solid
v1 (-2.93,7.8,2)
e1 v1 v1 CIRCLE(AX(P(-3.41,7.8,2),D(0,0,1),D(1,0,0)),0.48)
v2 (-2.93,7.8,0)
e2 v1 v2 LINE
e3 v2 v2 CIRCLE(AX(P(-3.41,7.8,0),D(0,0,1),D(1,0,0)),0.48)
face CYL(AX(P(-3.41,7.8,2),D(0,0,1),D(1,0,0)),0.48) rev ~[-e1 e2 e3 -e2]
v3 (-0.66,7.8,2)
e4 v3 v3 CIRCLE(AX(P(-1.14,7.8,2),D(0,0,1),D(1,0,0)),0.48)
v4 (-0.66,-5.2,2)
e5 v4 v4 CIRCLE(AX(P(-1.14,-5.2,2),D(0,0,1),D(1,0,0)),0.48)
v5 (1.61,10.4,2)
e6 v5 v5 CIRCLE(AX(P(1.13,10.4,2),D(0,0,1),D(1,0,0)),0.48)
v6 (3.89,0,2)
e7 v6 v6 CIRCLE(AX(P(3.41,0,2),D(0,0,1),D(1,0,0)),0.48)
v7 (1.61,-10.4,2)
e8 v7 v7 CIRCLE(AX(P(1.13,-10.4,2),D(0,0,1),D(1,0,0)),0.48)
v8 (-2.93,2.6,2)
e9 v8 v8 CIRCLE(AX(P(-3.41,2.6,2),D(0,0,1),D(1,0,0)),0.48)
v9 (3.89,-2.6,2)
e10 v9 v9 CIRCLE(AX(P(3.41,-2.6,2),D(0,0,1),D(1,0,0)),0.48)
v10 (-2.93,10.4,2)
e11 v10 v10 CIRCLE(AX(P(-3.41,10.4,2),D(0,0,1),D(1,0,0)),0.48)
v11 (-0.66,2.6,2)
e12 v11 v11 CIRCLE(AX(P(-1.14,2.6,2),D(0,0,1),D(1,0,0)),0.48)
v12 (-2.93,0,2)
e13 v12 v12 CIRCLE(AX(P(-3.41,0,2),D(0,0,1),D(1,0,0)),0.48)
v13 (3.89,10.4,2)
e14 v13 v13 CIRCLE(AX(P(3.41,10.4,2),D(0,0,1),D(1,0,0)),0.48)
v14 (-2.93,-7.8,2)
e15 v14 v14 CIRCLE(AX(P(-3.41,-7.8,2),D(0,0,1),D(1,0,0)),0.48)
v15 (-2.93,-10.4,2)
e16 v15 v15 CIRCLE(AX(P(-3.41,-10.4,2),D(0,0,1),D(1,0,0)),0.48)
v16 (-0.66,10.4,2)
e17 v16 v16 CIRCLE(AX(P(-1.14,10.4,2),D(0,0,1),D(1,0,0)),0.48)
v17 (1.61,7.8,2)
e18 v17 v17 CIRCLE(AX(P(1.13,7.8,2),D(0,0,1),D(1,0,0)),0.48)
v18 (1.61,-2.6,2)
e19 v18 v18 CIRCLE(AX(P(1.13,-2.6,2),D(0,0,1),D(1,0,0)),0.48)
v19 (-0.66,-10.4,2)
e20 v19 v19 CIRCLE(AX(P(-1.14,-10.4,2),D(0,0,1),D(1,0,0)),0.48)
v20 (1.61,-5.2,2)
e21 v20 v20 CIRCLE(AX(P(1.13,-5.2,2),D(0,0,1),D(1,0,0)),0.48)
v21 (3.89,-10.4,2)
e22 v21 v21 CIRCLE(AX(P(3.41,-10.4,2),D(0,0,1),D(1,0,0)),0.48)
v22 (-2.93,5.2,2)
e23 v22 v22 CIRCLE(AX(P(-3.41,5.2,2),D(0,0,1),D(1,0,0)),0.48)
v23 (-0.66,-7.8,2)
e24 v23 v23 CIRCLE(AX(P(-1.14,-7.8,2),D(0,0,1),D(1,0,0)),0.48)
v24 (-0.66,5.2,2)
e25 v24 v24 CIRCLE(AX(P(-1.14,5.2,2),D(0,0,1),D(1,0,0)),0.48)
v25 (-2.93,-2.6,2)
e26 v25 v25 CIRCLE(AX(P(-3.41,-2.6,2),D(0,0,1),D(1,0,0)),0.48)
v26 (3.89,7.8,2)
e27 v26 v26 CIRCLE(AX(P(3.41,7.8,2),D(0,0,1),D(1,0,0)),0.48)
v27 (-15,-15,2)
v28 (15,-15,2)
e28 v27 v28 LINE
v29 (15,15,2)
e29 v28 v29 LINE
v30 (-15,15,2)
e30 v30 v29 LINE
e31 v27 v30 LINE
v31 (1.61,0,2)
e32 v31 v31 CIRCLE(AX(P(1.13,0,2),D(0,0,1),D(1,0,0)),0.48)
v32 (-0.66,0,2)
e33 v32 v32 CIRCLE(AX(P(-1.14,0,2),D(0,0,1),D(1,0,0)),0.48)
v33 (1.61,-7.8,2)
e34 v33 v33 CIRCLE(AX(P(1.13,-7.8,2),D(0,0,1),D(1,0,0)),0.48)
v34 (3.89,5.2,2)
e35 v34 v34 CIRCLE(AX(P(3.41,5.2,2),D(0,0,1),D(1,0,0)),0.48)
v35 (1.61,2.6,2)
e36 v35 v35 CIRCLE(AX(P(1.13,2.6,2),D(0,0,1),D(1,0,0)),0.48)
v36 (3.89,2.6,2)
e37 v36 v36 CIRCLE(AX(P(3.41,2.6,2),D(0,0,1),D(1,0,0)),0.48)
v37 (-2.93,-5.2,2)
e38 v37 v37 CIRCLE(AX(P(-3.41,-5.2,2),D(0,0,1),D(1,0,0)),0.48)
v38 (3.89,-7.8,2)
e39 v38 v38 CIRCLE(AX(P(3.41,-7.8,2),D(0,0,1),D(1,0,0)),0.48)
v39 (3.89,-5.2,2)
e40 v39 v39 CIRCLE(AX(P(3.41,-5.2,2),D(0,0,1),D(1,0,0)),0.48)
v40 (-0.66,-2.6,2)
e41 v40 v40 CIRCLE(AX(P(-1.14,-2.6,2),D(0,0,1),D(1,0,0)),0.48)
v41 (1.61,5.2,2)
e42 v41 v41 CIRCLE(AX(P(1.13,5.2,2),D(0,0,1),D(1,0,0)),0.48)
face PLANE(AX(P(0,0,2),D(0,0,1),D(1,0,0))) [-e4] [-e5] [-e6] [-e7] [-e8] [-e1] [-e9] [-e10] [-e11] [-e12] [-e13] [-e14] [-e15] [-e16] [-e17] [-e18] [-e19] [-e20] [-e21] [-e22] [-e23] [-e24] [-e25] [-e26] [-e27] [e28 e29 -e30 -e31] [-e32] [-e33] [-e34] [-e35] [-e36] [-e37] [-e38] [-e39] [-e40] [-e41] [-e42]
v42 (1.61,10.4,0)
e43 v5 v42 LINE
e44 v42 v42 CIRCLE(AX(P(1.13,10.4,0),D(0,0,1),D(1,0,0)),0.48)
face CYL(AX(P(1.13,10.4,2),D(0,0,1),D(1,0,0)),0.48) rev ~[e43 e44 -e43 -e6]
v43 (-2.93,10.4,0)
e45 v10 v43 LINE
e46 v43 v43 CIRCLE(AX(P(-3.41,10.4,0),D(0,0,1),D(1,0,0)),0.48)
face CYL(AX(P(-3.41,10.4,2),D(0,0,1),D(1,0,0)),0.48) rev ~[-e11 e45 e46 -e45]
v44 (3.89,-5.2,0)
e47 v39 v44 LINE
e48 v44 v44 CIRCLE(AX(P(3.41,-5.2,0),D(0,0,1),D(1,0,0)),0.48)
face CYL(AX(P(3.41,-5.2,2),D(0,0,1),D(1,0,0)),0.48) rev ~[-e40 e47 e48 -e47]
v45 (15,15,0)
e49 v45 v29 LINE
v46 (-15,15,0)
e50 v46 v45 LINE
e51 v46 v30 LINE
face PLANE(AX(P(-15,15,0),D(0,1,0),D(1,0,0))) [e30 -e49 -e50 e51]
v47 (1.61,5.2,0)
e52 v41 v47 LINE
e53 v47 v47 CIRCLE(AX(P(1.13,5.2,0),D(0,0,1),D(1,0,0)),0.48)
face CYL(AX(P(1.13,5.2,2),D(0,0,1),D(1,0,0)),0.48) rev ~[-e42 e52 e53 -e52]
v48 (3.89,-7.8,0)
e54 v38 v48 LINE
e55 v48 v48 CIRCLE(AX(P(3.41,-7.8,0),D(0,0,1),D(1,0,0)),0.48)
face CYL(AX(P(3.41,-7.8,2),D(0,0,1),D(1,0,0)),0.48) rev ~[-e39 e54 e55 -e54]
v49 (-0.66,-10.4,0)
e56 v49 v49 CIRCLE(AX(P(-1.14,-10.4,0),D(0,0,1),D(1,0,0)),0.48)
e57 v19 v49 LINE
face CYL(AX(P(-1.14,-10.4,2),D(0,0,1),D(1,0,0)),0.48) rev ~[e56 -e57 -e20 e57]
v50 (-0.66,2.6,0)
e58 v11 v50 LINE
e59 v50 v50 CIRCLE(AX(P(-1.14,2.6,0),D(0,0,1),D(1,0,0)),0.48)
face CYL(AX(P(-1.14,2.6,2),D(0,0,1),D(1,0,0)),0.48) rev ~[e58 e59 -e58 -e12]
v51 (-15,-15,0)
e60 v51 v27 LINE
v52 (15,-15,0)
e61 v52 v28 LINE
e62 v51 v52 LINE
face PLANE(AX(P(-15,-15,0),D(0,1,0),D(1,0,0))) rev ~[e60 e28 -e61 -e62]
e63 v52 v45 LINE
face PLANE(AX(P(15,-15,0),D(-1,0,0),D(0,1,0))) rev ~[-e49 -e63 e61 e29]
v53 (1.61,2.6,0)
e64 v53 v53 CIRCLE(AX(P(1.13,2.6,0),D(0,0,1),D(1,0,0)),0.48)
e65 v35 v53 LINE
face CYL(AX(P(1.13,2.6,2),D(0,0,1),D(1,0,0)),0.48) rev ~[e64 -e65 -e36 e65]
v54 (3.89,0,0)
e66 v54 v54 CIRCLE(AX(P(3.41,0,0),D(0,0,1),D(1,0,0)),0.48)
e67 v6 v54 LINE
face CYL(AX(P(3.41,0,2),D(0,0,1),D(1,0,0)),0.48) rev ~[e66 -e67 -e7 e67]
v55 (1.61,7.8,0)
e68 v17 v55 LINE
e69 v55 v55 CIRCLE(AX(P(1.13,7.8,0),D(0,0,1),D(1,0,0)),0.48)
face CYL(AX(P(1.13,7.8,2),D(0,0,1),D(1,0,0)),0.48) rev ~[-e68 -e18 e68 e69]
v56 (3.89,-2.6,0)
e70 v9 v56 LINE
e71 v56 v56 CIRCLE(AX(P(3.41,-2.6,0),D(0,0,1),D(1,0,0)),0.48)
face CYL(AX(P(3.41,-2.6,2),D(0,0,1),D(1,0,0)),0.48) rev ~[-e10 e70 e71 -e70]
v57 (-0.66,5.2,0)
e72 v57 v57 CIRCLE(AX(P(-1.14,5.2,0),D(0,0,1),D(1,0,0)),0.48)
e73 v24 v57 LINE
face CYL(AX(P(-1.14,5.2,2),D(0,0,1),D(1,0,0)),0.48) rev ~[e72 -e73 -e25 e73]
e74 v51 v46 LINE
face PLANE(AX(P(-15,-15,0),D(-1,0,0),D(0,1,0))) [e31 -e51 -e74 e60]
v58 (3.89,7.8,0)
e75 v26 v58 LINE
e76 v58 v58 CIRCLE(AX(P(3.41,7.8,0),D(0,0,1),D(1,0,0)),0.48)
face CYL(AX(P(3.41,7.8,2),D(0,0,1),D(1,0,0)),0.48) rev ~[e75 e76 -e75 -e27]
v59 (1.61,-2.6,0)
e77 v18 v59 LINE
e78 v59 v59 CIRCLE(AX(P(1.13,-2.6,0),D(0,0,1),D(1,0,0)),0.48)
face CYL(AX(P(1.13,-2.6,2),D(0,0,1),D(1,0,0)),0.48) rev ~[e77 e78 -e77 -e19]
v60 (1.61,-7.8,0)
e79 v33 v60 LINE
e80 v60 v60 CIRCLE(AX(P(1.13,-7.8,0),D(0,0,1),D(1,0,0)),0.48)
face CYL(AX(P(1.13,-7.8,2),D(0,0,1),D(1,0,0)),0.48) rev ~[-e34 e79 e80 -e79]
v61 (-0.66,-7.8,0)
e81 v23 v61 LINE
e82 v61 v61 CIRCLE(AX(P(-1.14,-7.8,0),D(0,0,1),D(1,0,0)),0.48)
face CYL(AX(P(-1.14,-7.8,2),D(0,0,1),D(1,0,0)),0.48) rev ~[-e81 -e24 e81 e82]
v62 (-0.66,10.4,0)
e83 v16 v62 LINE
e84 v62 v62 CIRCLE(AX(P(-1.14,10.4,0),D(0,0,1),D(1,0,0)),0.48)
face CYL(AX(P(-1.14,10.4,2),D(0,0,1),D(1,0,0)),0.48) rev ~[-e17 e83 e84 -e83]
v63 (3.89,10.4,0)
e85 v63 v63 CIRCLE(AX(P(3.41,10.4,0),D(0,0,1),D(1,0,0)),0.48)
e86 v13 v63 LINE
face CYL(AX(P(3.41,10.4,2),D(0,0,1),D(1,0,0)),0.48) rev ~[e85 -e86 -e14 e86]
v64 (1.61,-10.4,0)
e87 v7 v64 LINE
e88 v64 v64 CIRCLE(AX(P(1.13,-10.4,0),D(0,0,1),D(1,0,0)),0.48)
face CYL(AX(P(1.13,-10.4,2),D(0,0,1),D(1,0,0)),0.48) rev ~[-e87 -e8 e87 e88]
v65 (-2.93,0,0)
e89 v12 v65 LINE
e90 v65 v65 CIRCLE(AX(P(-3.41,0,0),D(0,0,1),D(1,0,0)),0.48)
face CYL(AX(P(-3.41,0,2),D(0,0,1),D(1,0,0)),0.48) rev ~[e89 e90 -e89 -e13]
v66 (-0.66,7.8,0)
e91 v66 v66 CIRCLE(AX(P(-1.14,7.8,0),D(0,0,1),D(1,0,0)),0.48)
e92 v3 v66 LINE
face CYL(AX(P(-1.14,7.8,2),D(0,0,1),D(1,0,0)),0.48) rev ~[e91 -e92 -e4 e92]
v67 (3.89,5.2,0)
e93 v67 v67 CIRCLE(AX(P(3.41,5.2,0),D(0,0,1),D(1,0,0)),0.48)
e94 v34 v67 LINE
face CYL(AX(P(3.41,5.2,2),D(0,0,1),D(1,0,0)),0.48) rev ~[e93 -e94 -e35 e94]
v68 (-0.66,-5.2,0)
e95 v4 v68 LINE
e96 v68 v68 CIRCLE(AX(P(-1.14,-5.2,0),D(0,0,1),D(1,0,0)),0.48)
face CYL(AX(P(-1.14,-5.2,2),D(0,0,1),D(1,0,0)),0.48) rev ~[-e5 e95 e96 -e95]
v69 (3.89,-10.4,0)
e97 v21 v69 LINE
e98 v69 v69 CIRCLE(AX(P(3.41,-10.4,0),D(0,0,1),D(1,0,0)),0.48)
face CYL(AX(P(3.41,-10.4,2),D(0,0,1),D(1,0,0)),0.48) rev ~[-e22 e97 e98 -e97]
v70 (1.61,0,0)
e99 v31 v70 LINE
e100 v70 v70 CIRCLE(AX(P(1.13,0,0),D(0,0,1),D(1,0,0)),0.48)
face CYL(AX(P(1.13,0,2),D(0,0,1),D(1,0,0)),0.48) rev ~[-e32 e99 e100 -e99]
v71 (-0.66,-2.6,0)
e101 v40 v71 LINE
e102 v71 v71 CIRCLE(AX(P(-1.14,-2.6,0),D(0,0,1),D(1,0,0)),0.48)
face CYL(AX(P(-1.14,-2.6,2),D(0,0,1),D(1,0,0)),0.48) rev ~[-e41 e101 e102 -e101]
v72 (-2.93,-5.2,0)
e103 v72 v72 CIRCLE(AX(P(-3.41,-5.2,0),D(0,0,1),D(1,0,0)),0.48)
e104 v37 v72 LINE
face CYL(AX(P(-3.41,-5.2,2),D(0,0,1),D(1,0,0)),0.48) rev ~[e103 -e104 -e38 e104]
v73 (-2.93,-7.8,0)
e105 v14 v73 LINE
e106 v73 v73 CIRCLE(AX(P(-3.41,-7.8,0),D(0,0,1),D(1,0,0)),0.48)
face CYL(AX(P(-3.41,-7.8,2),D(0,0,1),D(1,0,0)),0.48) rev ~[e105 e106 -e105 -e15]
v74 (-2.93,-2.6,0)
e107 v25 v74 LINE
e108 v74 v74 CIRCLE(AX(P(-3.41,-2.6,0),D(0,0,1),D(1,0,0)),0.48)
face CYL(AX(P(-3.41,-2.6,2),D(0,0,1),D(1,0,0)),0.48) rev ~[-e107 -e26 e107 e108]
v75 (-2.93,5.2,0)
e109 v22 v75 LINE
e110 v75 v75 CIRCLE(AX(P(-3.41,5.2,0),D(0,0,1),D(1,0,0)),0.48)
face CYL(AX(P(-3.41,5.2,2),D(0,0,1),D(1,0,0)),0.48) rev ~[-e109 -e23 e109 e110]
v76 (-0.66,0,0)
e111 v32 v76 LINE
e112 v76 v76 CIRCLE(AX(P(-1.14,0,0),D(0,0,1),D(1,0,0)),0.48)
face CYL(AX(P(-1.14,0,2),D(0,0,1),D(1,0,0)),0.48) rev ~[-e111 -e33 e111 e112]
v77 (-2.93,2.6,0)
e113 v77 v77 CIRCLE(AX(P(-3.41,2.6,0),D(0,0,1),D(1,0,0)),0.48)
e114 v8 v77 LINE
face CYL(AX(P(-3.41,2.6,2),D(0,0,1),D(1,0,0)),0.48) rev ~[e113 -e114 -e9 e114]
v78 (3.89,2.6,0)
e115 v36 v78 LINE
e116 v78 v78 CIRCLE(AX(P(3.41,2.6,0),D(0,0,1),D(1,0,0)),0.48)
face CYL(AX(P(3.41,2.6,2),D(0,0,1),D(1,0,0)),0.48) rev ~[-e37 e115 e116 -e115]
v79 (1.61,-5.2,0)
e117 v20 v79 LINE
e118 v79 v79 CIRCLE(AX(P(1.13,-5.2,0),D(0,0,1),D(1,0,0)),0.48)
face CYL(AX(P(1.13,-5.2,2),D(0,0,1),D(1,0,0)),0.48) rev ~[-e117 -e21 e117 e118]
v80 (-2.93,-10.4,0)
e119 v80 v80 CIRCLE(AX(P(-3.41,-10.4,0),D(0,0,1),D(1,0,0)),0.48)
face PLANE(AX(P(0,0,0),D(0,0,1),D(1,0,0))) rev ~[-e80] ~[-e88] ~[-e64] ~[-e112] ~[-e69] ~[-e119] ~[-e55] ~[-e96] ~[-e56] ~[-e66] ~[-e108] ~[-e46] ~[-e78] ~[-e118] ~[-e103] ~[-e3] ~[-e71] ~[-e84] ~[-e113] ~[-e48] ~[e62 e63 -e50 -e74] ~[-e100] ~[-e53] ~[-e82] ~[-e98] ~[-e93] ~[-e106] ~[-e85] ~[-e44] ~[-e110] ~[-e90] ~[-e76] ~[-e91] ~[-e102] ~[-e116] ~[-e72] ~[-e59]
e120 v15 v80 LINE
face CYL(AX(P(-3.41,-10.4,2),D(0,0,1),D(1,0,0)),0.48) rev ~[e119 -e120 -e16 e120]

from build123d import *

# Parameters (mm, degrees)
ESQUISSE1_W            = 30
ESQUISSE1_H            = 30
BASE_PLATE_DEPTH       = 2
SKETCH_PERFORATIONS_R  = 0.48
CUT_PERFORATIONS_DEPTH = 10


with BuildPart() as part:
    # Esquisse1 → Base_Plate (new body)
    with BuildSketch(Plane.XY):
        Rectangle(ESQUISSE1_W, ESQUISSE1_H)
    extrude(amount=BASE_PLATE_DEPTH)

    # Sketch_Perforations → Cut_Perforations (cut)
    with BuildSketch(Plane.XY.offset(2)):
        with Locations((-3.41, -10.4)):
            Circle(SKETCH_PERFORATIONS_R)
        with Locations((-3.41, -7.8)):
            Circle(SKETCH_PERFORATIONS_R)
        with Locations((-3.41, -5.2)):
            Circle(SKETCH_PERFORATIONS_R)
        with Locations((-3.41, -2.6)):
            Circle(SKETCH_PERFORATIONS_R)
        with Locations((-3.41, 0)):
            Circle(SKETCH_PERFORATIONS_R)
        with Locations((-3.41, 2.6)):
            Circle(SKETCH_PERFORATIONS_R)
        with Locations((-3.41, 5.2)):
            Circle(SKETCH_PERFORATIONS_R)
        with Locations((-3.41, 7.8)):
            Circle(SKETCH_PERFORATIONS_R)
        with Locations((-3.41, 10.4)):
            Circle(SKETCH_PERFORATIONS_R)
        with Locations((-1.14, -10.4)):
            Circle(SKETCH_PERFORATIONS_R)
        with Locations((-1.14, -7.8)):
            Circle(SKETCH_PERFORATIONS_R)
        with Locations((-1.14, -5.2)):
            Circle(SKETCH_PERFORATIONS_R)
        with Locations((-1.14, -2.6)):
            Circle(SKETCH_PERFORATIONS_R)
        with Locations((-1.14, 0)):
            Circle(SKETCH_PERFORATIONS_R)
        with Locations((-1.14, 2.6)):
            Circle(SKETCH_PERFORATIONS_R)
        with Locations((-1.14, 5.2)):
            Circle(SKETCH_PERFORATIONS_R)
        with Locations((-1.14, 7.8)):
            Circle(SKETCH_PERFORATIONS_R)
        with Locations((-1.14, 10.4)):
            Circle(SKETCH_PERFORATIONS_R)
        with Locations((1.13, -10.4)):
            Circle(SKETCH_PERFORATIONS_R)
        with Locations((1.13, -7.8)):
            Circle(SKETCH_PERFORATIONS_R)
        with Locations((1.13, -5.2)):
            Circle(SKETCH_PERFORATIONS_R)
        with Locations((1.13, -2.6)):
            Circle(SKETCH_PERFORATIONS_R)
        with Locations((1.13, 0)):
            Circle(SKETCH_PERFORATIONS_R)
        with Locations((1.13, 2.6)):
            Circle(SKETCH_PERFORATIONS_R)
        with Locations((1.13, 5.2)):
            Circle(SKETCH_PERFORATIONS_R)
        with Locations((1.13, 7.8)):
            Circle(SKETCH_PERFORATIONS_R)
        with Locations((1.13, 10.4)):
            Circle(SKETCH_PERFORATIONS_R)
        with Locations((3.41, -10.4)):
            Circle(SKETCH_PERFORATIONS_R)
        with Locations((3.41, -7.8)):
            Circle(SKETCH_PERFORATIONS_R)
        with Locations((3.41, -5.2)):
            Circle(SKETCH_PERFORATIONS_R)
        with Locations((3.41, -2.6)):
            Circle(SKETCH_PERFORATIONS_R)
        with Locations((3.41, 0)):
            Circle(SKETCH_PERFORATIONS_R)
        with Locations((3.41, 2.6)):
            Circle(SKETCH_PERFORATIONS_R)
        with Locations((3.41, 5.2)):
            Circle(SKETCH_PERFORATIONS_R)
        with Locations((3.41, 7.8)):
            Circle(SKETCH_PERFORATIONS_R)
        with Locations((3.41, 10.4)):
            Circle(SKETCH_PERFORATIONS_R)
    extrude(amount=-CUT_PERFORATIONS_DEPTH, mode=Mode.SUBTRACT)


solid = part.part
